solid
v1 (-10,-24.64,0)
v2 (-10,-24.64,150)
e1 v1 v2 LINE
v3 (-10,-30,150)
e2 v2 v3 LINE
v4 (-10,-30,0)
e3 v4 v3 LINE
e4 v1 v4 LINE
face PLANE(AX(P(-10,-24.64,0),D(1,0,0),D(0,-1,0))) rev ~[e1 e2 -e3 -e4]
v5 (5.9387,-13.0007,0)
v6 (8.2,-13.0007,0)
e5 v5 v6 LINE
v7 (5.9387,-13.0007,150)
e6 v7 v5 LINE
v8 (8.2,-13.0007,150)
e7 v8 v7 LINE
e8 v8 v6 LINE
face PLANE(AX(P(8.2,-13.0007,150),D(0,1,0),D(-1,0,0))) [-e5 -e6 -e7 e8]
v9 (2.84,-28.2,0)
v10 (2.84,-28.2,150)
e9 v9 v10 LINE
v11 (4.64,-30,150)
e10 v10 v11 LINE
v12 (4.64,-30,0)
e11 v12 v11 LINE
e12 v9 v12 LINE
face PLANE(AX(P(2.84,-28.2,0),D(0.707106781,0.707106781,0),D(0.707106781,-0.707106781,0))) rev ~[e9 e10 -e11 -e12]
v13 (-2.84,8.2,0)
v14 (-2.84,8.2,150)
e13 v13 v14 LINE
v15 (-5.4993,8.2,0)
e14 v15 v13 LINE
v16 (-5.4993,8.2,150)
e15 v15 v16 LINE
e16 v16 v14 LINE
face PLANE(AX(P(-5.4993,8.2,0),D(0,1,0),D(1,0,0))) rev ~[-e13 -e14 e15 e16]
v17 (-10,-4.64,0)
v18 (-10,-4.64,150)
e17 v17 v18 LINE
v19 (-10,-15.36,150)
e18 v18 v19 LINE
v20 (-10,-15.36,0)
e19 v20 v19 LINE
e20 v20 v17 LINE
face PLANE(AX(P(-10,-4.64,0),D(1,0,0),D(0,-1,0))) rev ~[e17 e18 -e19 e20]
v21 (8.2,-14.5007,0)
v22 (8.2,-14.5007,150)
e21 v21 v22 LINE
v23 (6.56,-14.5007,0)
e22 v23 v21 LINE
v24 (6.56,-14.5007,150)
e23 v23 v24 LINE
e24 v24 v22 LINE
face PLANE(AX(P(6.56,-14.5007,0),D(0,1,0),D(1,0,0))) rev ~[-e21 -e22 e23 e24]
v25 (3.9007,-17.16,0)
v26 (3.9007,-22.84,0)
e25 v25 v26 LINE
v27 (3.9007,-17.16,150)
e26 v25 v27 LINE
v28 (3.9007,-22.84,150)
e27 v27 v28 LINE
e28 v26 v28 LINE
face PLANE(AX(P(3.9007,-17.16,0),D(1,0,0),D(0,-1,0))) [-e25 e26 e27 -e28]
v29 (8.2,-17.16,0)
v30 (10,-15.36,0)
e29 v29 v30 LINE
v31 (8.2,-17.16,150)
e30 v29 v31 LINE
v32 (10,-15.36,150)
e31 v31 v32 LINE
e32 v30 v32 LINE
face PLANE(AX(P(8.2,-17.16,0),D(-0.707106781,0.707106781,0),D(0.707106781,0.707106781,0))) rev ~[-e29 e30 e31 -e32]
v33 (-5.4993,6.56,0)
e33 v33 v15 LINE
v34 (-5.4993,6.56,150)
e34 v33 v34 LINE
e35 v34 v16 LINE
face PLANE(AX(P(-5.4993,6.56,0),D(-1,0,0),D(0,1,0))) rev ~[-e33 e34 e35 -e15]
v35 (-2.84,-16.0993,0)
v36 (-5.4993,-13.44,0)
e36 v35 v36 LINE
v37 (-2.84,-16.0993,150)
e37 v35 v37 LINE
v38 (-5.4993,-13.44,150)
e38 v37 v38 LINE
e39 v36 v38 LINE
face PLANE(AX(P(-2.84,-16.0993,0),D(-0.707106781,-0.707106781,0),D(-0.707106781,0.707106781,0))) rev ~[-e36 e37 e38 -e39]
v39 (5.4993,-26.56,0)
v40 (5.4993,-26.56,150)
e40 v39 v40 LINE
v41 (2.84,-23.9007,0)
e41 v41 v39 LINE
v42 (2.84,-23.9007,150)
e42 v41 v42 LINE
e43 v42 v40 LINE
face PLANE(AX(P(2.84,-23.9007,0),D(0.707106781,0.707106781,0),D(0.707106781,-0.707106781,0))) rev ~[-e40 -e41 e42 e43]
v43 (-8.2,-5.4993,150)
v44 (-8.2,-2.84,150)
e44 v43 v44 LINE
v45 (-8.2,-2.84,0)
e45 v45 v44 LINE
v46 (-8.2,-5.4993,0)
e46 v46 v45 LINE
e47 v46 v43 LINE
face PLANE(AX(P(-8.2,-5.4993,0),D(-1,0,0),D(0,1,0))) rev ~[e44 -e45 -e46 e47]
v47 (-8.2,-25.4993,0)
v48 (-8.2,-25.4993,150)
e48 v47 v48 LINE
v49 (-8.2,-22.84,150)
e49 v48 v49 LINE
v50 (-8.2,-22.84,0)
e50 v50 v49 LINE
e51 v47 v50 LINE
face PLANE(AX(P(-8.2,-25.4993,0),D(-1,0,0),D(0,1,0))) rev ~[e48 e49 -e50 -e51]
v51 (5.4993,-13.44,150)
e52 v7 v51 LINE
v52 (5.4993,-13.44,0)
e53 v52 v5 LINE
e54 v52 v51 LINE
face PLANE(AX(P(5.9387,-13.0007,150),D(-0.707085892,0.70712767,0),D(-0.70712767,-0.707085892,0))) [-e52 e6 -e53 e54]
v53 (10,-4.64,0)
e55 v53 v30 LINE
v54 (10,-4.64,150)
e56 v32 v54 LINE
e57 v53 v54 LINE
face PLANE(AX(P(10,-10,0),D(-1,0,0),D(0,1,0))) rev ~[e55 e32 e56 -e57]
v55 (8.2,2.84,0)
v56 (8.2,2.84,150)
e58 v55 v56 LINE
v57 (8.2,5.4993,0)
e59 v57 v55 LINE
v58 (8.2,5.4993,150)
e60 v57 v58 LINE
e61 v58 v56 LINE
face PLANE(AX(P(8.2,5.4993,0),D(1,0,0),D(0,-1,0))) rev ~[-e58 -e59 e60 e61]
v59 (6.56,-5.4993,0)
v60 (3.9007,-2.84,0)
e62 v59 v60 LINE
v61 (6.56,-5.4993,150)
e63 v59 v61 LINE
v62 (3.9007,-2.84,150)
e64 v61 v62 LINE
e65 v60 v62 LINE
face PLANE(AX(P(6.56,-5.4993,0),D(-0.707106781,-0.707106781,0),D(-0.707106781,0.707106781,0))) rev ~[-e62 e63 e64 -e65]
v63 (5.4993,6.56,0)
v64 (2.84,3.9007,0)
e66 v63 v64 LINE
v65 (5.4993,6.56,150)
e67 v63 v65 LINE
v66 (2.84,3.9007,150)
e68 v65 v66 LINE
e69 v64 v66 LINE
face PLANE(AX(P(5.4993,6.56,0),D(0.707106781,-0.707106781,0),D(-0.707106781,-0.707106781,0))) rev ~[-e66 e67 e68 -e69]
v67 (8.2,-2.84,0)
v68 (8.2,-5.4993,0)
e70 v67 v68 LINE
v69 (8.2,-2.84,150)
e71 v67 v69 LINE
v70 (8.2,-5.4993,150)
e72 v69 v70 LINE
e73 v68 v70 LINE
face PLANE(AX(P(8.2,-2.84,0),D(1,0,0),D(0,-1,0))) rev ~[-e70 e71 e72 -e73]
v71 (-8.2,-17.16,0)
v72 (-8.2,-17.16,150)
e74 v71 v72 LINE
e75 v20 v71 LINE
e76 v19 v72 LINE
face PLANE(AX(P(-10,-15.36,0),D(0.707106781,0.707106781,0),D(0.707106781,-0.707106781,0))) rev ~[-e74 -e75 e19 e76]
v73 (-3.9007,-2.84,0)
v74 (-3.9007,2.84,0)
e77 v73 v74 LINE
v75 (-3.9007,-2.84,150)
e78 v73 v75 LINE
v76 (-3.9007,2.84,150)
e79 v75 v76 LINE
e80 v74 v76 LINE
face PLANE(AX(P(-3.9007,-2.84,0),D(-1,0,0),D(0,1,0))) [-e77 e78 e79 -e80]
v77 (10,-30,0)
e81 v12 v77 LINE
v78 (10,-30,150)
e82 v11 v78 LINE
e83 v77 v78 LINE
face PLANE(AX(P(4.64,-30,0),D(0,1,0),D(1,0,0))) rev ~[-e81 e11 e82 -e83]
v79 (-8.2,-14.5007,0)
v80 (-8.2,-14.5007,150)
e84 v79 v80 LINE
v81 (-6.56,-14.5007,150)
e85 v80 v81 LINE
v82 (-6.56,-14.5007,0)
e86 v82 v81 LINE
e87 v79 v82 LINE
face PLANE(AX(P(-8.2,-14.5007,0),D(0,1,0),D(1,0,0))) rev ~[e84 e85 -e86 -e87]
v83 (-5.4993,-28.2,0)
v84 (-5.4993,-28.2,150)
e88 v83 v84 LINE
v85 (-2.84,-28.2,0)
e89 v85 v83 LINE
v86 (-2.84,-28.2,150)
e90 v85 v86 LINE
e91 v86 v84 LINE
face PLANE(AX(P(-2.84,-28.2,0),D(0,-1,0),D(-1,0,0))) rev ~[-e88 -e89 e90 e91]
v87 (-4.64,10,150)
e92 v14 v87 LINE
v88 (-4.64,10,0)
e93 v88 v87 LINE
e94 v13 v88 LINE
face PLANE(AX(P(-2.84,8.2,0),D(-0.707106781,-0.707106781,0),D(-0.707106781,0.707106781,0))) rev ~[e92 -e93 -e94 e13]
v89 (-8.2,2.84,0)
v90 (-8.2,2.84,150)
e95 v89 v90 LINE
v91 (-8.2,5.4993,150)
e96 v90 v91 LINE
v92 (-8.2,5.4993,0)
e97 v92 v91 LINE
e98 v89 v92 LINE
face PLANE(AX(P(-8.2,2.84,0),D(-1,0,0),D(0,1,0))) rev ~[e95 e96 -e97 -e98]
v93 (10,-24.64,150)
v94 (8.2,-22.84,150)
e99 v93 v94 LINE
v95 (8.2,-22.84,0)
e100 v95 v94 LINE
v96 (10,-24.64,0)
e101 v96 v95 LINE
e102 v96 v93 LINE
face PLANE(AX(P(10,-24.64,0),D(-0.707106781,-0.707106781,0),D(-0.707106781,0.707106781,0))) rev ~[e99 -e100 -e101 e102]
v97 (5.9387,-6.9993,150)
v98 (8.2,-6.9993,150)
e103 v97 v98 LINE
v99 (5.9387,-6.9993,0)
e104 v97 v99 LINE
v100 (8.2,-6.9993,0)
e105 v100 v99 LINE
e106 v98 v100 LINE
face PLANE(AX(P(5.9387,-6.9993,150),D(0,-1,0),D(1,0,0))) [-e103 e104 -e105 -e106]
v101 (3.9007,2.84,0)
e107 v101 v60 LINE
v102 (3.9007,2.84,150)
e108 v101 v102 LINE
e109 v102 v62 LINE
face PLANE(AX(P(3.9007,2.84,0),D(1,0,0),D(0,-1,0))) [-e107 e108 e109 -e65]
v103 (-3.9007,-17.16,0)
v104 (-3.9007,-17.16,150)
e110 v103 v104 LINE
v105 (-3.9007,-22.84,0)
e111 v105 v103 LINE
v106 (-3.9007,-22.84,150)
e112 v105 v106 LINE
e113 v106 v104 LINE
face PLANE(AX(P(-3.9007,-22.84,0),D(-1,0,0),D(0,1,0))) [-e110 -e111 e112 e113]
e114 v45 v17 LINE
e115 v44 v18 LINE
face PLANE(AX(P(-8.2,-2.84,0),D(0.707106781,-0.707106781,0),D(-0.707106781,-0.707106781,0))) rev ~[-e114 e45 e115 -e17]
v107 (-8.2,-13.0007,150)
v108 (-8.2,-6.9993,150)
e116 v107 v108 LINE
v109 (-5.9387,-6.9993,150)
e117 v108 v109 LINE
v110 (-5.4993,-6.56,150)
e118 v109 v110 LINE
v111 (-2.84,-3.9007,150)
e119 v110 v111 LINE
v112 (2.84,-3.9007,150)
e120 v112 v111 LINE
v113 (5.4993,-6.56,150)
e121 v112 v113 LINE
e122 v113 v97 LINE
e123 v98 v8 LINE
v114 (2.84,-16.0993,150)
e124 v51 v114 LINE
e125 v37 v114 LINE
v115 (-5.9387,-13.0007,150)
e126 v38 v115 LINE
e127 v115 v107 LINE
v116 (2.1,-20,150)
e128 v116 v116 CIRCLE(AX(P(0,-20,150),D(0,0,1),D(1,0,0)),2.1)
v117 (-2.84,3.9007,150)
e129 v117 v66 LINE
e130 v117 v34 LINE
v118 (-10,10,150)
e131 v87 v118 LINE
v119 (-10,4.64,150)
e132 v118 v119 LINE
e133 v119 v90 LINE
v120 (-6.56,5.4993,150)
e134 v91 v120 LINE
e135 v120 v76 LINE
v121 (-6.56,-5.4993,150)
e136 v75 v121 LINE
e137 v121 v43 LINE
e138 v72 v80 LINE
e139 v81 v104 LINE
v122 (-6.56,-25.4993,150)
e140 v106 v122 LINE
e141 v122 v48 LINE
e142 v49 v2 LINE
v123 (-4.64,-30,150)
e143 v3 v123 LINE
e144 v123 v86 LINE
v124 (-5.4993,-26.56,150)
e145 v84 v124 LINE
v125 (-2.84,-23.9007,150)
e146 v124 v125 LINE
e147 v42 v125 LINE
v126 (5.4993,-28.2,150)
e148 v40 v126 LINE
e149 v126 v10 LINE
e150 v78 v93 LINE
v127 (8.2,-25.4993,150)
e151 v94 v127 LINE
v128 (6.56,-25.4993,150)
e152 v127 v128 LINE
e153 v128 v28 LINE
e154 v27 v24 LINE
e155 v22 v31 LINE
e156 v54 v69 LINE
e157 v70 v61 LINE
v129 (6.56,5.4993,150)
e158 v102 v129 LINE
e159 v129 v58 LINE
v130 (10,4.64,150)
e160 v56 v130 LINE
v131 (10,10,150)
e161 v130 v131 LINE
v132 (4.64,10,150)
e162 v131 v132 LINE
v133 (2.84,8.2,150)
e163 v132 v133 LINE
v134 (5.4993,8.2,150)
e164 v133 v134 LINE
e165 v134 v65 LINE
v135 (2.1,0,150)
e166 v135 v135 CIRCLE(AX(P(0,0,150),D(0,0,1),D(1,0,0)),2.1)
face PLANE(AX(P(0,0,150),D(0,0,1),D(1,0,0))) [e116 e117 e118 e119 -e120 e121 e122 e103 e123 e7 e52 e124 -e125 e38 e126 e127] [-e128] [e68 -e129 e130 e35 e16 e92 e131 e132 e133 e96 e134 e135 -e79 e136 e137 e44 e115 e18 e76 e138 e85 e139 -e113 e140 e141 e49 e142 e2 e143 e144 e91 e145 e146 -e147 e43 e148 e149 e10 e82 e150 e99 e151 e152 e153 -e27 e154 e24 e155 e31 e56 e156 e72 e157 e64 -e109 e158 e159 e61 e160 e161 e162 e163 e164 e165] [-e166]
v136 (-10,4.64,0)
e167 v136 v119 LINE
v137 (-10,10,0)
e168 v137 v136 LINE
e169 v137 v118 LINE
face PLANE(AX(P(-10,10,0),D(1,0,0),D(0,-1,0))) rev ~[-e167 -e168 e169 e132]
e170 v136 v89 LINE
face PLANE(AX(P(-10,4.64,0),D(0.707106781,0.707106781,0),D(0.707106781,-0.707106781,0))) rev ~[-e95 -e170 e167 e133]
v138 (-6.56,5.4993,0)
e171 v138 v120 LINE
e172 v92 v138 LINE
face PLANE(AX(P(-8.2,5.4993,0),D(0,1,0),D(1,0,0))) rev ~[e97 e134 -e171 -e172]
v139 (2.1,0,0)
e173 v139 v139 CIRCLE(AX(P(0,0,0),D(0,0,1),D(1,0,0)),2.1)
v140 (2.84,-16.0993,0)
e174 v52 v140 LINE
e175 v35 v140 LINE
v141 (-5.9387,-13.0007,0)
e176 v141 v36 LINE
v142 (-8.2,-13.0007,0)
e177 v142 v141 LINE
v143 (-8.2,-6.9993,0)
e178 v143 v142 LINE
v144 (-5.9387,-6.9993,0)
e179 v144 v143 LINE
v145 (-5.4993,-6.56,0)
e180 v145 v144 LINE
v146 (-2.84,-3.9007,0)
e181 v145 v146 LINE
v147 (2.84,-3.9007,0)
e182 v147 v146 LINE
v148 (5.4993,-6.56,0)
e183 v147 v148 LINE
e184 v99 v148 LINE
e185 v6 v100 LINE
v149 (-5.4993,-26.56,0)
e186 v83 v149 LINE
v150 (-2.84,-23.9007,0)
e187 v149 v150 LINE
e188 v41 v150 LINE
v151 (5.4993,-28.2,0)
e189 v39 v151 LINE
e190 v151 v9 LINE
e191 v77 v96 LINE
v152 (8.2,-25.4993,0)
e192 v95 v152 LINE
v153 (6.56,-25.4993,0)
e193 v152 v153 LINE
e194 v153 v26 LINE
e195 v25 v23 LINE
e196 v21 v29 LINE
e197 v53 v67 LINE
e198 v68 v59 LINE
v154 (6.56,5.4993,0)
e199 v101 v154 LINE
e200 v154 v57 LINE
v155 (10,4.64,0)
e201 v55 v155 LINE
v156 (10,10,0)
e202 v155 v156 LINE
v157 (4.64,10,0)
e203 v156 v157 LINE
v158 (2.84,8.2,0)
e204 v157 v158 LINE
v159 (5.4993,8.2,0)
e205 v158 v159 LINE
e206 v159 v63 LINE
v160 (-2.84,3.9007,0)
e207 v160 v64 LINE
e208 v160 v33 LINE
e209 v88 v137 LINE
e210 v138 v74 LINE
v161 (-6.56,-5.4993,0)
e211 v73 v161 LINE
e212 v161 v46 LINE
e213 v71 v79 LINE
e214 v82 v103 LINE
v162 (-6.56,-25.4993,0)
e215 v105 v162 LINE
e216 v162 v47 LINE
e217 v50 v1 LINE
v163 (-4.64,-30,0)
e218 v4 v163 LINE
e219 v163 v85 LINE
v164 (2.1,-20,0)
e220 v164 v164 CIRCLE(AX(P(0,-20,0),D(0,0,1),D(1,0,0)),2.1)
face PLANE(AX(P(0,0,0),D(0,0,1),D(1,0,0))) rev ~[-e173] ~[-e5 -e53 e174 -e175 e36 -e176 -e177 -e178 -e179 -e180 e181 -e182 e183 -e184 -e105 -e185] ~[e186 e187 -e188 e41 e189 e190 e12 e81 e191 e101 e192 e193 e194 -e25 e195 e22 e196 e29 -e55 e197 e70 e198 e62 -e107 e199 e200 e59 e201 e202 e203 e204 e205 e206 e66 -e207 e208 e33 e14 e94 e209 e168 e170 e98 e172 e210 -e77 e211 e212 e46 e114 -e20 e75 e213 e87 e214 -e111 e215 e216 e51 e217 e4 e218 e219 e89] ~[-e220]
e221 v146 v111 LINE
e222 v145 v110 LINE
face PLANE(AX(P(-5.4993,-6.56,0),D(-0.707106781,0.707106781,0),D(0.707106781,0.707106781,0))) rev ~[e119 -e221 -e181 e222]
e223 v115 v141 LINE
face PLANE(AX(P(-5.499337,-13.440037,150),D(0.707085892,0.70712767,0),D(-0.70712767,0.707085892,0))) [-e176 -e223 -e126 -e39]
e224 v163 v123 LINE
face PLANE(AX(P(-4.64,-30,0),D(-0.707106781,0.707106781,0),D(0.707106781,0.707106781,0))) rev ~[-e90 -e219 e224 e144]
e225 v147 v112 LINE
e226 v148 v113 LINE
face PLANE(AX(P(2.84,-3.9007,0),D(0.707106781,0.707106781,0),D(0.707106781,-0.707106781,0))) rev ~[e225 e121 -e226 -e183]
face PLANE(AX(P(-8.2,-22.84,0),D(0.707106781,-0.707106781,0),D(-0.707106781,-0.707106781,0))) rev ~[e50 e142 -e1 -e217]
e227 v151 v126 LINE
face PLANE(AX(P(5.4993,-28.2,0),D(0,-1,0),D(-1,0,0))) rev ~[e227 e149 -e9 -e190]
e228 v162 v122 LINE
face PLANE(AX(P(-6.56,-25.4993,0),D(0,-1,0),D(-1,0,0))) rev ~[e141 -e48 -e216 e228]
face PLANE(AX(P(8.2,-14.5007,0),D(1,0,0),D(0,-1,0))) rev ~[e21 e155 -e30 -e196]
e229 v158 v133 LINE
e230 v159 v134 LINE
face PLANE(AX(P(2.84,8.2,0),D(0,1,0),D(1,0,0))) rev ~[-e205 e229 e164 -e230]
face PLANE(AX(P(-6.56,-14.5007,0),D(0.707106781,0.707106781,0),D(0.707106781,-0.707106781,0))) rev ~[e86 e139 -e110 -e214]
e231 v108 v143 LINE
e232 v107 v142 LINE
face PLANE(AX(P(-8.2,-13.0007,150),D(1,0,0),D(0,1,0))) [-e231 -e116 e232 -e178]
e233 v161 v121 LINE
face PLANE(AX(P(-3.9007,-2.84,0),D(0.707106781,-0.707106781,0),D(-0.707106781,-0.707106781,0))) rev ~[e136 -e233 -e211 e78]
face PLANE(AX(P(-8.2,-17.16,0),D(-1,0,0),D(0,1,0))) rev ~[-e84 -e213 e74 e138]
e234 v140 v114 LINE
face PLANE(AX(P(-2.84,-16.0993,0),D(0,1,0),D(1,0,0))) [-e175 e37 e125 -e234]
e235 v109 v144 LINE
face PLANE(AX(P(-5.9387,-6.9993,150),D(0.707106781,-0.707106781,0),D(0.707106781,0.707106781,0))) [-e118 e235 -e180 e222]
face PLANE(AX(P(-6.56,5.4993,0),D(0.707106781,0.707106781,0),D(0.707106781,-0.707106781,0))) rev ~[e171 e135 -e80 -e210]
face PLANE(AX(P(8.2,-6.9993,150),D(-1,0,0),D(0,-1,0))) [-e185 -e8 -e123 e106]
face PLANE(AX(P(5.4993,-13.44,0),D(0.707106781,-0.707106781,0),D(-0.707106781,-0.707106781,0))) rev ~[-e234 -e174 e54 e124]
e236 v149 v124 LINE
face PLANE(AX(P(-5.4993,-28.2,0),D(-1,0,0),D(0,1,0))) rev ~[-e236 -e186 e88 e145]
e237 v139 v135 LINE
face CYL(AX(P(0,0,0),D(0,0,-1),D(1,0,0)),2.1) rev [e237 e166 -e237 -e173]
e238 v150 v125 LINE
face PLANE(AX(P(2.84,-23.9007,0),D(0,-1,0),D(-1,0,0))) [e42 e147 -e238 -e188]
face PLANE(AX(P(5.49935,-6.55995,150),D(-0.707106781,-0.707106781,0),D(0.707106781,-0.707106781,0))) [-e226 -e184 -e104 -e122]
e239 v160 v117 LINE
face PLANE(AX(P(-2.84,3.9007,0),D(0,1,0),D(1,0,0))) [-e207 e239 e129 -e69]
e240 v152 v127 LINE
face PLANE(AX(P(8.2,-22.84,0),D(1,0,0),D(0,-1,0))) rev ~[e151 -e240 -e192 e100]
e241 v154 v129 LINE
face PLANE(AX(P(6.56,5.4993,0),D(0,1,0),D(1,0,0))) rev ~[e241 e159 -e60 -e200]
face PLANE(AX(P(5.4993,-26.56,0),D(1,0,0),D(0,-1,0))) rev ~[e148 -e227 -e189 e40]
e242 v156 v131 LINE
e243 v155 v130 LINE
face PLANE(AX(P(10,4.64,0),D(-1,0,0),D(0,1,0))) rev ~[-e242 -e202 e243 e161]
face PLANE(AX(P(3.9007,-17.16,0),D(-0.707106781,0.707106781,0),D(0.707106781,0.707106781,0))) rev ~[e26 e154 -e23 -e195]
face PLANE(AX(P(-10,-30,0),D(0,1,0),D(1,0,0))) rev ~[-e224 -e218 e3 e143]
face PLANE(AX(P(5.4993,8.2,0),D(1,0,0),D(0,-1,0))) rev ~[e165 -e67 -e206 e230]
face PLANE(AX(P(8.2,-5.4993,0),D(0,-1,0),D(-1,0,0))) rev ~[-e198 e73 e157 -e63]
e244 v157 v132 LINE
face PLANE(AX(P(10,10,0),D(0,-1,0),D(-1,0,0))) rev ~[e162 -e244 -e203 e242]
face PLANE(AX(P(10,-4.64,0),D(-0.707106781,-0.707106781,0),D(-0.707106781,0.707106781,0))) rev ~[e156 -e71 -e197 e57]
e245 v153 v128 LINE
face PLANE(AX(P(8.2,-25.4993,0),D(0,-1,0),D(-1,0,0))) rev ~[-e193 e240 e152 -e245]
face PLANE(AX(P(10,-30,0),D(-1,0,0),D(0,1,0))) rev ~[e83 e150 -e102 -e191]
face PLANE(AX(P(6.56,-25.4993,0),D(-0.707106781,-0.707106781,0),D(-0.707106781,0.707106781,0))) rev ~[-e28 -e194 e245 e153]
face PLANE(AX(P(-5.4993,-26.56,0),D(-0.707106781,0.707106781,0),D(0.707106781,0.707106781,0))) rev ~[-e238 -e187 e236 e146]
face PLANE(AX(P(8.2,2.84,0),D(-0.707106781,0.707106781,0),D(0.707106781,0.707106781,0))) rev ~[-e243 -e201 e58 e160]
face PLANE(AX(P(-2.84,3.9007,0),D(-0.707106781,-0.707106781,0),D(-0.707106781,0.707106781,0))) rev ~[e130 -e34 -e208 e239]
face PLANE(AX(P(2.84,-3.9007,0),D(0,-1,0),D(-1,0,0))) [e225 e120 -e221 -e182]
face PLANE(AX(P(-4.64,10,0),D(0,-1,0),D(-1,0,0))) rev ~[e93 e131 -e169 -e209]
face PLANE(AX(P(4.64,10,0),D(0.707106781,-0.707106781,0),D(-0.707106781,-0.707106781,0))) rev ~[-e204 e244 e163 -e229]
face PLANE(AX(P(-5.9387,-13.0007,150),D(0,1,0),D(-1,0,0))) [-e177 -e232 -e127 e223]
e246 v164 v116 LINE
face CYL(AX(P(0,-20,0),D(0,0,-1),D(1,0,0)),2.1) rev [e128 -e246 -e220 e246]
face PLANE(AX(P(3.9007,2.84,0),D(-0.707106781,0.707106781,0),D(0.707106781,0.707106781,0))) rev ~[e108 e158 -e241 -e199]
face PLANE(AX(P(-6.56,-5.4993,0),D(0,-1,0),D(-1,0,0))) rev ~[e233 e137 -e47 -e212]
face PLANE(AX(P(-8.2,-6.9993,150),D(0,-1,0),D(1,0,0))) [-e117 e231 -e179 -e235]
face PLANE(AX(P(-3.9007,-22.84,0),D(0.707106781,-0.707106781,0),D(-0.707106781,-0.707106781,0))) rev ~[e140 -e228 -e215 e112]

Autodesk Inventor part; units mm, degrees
ref_plane "YZ Plane" through (0, 0, 0) normal (1, 0, 0) x (0, 1, 0)
ref_plane "XY Plane" through (0, 0, 0) normal (0, 0, 1) x (1, 0, 0)
sketch "Sketch1" plane through (0, 0, 0) normal (0, 0, 1) x (1, 0, 0)
  line L0 (-3.9007, 3.9007) -> (3.9007, 3.9007)
  line L1 (3.9007, 3.9007) -> (3.9007, -3.9007)
  line L2 (3.9007, -3.9007) -> (-3.9007, -3.9007)
  line L3 (-3.9007, -3.9007) -> (-3.9007, 3.9007)
  line L4 (0, 3.9007) -> (0, -3.9007) construction
  line L5 (-3.9007, 0) -> (3.9007, 0) construction
  circle A0 centre (0, 0) radius 2.1
  line L6 (0, 0) -> (-16.1173, 16.1173) construction
  line L7 (0, 0) -> (22.7933, 0) construction
  line L8 (-2.84, 3.9007) -> (-5.4993, 6.56)
  line L9 (-5.4993, 6.56) -> (-5.4993, 8.2)
  line L10 (-5.4993, 8.2) -> (-2.84, 8.2)
  line L11 (-2.84, 8.2) -> (-4.64, 10)
  line L12 (-4.64, 10) -> (-10, 10)
  line L13 (-10, 10) -> (-10, 4.64)
  line L14 (-10, 4.64) -> (-8.2, 2.84)
  line L15 (-8.2, 2.84) -> (-8.2, 5.4993)
  line L16 (-8.2, 5.4993) -> (-6.56, 5.4993)
  line L17 (-6.56, 5.4993) -> (-3.9007, 2.84)
  line L18 (-3.9007, 2.84) -> (-11.3102, 2.84) construction
  line L19 (-2.84, 3.9007) -> (-3.9007, 3.9007)
  line L20 (-3.9007, 2.84) -> (-3.9007, 3.9007)
  line L21 (-3.9007, -2.84) -> (-6.56, -5.4993)
  line L22 (-6.56, -5.4993) -> (-8.2, -5.4993)
  line L23 (-8.2, -5.4993) -> (-8.2, -2.84)
  line L24 (-8.2, -2.84) -> (-10, -4.64)
  line L25 (-10, -4.64) -> (-10, -10)
  line L26 (-10, -10) -> (-4.64, -10)
  line L27 (-4.64, -10) -> (-2.84, -8.2)
  line L28 (-2.84, -8.2) -> (-5.4993, -8.2)
  line L29 (-5.4993, -8.2) -> (-5.4993, -6.56)
  line L30 (-5.4993, -6.56) -> (-2.84, -3.9007)
  line L31 (-3.9007, -2.84) -> (-3.9007, -3.9007)
  line L32 (-2.84, -3.9007) -> (-3.9007, -3.9007)
  line L33 (2.84, -3.9007) -> (5.4993, -6.56)
  line L34 (5.4993, -6.56) -> (5.4993, -8.2)
  line L35 (5.4993, -8.2) -> (2.84, -8.2)
  line L36 (2.84, -8.2) -> (4.64, -10)
  line L37 (4.64, -10) -> (10, -10)
  line L38 (10, -10) -> (10, -4.64)
  line L39 (10, -4.64) -> (8.2, -2.84)
  line L40 (8.2, -2.84) -> (8.2, -5.4993)
  line L41 (8.2, -5.4993) -> (6.56, -5.4993)
  line L42 (6.56, -5.4993) -> (3.9007, -2.84)
  line L43 (2.84, -3.9007) -> (3.9007, -3.9007)
  line L44 (3.9007, -2.84) -> (3.9007, -3.9007)
  line L45 (3.9007, 2.84) -> (6.56, 5.4993)
  line L46 (6.56, 5.4993) -> (8.2, 5.4993)
  line L47 (8.2, 5.4993) -> (8.2, 2.84)
  line L48 (8.2, 2.84) -> (10, 4.64)
  line L49 (10, 4.64) -> (10, 10)
  line L50 (10, 10) -> (4.64, 10)
  line L51 (4.64, 10) -> (2.84, 8.2)
  line L52 (2.84, 8.2) -> (5.4993, 8.2)
  line L53 (5.4993, 8.2) -> (5.4993, 6.56)
  line L54 (5.4993, 6.56) -> (2.84, 3.9007)
  line L55 (3.9007, 2.84) -> (3.9007, 3.9007)
  line L56 (2.84, 3.9007) -> (3.9007, 3.9007)
  dimension "d7" = 4.2
  dimension "d8" = 135
  dimension "d9" = 1.5
  dimension "d10" = 1.64
  dimension "d11" = 1.8
  dimension "d12" = 2.84
  dimension "d13" = 10
  dimension "d16" = 360
extrude "Extrusion1" add sketch "Sketch1" along normal blind 150
pattern_linear "Rectangular Pattern1" count 2 spacing 20 along (0, -1, 0) of "Extrusion1"
sketch "Sketch2" plane through (0, 0, 150) normal (0, 0, 1) x (1, 0, 0)
  line L0 (8.2, -2.84) -> (8.2, -5.4993) projected
  line L1 (8.2, -5.4993) -> (6.56, -5.4993) projected
  line L2 (-6.56, -5.4993) -> (-8.2, -5.4993) projected
  line L3 (-8.2, -5.4993) -> (-8.2, -2.84) projected
  line L4 (-8.2, -14.5007) -> (-6.56, -14.5007) projected
  line L5 (6.56, -14.5007) -> (8.2, -14.5007) projected
  line L6 (5.4993, -11.8) -> (5.4993, -13.44) projected
  line L7 (5.4993, -13.44) -> (2.84, -16.0993) projected
  line L8 (-2.84, -16.0993) -> (-5.4993, -13.44) projected
  line L9 (-5.4993, -8.2) -> (-5.4993, -6.56) projected
  line L10 (-5.4993, -6.56) -> (-2.84, -3.9007) projected
  line L11 (2.84, -3.9007) -> (5.4993, -6.56) projected
  line L12 (2.84, -8.2) -> (4.64, -10) projected
  line L13 (-8.2, -6.9993) -> (-5.9387, -6.9993)
  line L14 (-5.9387, -6.9993) -> (-4.1231, -5.1837)
  line L15 (-4.1231, -5.1837) -> (4.1231, -5.1837)
  line L16 (4.1231, -5.1837) -> (5.9387, -6.9993)
  line L17 (5.9387, -6.9993) -> (8.2, -6.9993)
  line L18 (8.2, -6.9993) -> (8.2, -13.0007)
  line L19 (8.2, -13.0007) -> (5.9387, -13.0007)
  line L20 (5.9387, -13.0007) -> (4.2461, -14.6932)
  line L21 (4.2461, -14.6932) -> (-4.2461, -14.6932)
  line L22 (-4.2461, -14.6932) -> (-5.9387, -13.0007)
  line L23 (-5.9387, -13.0007) -> (-8.2, -13.0007)
  line L24 (-8.2, -13.0007) -> (-8.2, -6.9993)
  dimension "d23" = 1.5
  dimension "d24" = 1.5
  dimension "d25" = 1.5
  dimension "d26" = 1.5
extrude "Extrusion2" cut sketch "Sketch2" against normal up to next
ref_plane "Work Plane5" through (0, -10, 0) normal (0, 1, 0) x (-1, 0, 0)
equation "\"d24\" = d23"
equation "\"d25\" = d23"
equation "\"d26\" = d23"
properties part number "20x40x597mm" material "Aluminum 6061"
